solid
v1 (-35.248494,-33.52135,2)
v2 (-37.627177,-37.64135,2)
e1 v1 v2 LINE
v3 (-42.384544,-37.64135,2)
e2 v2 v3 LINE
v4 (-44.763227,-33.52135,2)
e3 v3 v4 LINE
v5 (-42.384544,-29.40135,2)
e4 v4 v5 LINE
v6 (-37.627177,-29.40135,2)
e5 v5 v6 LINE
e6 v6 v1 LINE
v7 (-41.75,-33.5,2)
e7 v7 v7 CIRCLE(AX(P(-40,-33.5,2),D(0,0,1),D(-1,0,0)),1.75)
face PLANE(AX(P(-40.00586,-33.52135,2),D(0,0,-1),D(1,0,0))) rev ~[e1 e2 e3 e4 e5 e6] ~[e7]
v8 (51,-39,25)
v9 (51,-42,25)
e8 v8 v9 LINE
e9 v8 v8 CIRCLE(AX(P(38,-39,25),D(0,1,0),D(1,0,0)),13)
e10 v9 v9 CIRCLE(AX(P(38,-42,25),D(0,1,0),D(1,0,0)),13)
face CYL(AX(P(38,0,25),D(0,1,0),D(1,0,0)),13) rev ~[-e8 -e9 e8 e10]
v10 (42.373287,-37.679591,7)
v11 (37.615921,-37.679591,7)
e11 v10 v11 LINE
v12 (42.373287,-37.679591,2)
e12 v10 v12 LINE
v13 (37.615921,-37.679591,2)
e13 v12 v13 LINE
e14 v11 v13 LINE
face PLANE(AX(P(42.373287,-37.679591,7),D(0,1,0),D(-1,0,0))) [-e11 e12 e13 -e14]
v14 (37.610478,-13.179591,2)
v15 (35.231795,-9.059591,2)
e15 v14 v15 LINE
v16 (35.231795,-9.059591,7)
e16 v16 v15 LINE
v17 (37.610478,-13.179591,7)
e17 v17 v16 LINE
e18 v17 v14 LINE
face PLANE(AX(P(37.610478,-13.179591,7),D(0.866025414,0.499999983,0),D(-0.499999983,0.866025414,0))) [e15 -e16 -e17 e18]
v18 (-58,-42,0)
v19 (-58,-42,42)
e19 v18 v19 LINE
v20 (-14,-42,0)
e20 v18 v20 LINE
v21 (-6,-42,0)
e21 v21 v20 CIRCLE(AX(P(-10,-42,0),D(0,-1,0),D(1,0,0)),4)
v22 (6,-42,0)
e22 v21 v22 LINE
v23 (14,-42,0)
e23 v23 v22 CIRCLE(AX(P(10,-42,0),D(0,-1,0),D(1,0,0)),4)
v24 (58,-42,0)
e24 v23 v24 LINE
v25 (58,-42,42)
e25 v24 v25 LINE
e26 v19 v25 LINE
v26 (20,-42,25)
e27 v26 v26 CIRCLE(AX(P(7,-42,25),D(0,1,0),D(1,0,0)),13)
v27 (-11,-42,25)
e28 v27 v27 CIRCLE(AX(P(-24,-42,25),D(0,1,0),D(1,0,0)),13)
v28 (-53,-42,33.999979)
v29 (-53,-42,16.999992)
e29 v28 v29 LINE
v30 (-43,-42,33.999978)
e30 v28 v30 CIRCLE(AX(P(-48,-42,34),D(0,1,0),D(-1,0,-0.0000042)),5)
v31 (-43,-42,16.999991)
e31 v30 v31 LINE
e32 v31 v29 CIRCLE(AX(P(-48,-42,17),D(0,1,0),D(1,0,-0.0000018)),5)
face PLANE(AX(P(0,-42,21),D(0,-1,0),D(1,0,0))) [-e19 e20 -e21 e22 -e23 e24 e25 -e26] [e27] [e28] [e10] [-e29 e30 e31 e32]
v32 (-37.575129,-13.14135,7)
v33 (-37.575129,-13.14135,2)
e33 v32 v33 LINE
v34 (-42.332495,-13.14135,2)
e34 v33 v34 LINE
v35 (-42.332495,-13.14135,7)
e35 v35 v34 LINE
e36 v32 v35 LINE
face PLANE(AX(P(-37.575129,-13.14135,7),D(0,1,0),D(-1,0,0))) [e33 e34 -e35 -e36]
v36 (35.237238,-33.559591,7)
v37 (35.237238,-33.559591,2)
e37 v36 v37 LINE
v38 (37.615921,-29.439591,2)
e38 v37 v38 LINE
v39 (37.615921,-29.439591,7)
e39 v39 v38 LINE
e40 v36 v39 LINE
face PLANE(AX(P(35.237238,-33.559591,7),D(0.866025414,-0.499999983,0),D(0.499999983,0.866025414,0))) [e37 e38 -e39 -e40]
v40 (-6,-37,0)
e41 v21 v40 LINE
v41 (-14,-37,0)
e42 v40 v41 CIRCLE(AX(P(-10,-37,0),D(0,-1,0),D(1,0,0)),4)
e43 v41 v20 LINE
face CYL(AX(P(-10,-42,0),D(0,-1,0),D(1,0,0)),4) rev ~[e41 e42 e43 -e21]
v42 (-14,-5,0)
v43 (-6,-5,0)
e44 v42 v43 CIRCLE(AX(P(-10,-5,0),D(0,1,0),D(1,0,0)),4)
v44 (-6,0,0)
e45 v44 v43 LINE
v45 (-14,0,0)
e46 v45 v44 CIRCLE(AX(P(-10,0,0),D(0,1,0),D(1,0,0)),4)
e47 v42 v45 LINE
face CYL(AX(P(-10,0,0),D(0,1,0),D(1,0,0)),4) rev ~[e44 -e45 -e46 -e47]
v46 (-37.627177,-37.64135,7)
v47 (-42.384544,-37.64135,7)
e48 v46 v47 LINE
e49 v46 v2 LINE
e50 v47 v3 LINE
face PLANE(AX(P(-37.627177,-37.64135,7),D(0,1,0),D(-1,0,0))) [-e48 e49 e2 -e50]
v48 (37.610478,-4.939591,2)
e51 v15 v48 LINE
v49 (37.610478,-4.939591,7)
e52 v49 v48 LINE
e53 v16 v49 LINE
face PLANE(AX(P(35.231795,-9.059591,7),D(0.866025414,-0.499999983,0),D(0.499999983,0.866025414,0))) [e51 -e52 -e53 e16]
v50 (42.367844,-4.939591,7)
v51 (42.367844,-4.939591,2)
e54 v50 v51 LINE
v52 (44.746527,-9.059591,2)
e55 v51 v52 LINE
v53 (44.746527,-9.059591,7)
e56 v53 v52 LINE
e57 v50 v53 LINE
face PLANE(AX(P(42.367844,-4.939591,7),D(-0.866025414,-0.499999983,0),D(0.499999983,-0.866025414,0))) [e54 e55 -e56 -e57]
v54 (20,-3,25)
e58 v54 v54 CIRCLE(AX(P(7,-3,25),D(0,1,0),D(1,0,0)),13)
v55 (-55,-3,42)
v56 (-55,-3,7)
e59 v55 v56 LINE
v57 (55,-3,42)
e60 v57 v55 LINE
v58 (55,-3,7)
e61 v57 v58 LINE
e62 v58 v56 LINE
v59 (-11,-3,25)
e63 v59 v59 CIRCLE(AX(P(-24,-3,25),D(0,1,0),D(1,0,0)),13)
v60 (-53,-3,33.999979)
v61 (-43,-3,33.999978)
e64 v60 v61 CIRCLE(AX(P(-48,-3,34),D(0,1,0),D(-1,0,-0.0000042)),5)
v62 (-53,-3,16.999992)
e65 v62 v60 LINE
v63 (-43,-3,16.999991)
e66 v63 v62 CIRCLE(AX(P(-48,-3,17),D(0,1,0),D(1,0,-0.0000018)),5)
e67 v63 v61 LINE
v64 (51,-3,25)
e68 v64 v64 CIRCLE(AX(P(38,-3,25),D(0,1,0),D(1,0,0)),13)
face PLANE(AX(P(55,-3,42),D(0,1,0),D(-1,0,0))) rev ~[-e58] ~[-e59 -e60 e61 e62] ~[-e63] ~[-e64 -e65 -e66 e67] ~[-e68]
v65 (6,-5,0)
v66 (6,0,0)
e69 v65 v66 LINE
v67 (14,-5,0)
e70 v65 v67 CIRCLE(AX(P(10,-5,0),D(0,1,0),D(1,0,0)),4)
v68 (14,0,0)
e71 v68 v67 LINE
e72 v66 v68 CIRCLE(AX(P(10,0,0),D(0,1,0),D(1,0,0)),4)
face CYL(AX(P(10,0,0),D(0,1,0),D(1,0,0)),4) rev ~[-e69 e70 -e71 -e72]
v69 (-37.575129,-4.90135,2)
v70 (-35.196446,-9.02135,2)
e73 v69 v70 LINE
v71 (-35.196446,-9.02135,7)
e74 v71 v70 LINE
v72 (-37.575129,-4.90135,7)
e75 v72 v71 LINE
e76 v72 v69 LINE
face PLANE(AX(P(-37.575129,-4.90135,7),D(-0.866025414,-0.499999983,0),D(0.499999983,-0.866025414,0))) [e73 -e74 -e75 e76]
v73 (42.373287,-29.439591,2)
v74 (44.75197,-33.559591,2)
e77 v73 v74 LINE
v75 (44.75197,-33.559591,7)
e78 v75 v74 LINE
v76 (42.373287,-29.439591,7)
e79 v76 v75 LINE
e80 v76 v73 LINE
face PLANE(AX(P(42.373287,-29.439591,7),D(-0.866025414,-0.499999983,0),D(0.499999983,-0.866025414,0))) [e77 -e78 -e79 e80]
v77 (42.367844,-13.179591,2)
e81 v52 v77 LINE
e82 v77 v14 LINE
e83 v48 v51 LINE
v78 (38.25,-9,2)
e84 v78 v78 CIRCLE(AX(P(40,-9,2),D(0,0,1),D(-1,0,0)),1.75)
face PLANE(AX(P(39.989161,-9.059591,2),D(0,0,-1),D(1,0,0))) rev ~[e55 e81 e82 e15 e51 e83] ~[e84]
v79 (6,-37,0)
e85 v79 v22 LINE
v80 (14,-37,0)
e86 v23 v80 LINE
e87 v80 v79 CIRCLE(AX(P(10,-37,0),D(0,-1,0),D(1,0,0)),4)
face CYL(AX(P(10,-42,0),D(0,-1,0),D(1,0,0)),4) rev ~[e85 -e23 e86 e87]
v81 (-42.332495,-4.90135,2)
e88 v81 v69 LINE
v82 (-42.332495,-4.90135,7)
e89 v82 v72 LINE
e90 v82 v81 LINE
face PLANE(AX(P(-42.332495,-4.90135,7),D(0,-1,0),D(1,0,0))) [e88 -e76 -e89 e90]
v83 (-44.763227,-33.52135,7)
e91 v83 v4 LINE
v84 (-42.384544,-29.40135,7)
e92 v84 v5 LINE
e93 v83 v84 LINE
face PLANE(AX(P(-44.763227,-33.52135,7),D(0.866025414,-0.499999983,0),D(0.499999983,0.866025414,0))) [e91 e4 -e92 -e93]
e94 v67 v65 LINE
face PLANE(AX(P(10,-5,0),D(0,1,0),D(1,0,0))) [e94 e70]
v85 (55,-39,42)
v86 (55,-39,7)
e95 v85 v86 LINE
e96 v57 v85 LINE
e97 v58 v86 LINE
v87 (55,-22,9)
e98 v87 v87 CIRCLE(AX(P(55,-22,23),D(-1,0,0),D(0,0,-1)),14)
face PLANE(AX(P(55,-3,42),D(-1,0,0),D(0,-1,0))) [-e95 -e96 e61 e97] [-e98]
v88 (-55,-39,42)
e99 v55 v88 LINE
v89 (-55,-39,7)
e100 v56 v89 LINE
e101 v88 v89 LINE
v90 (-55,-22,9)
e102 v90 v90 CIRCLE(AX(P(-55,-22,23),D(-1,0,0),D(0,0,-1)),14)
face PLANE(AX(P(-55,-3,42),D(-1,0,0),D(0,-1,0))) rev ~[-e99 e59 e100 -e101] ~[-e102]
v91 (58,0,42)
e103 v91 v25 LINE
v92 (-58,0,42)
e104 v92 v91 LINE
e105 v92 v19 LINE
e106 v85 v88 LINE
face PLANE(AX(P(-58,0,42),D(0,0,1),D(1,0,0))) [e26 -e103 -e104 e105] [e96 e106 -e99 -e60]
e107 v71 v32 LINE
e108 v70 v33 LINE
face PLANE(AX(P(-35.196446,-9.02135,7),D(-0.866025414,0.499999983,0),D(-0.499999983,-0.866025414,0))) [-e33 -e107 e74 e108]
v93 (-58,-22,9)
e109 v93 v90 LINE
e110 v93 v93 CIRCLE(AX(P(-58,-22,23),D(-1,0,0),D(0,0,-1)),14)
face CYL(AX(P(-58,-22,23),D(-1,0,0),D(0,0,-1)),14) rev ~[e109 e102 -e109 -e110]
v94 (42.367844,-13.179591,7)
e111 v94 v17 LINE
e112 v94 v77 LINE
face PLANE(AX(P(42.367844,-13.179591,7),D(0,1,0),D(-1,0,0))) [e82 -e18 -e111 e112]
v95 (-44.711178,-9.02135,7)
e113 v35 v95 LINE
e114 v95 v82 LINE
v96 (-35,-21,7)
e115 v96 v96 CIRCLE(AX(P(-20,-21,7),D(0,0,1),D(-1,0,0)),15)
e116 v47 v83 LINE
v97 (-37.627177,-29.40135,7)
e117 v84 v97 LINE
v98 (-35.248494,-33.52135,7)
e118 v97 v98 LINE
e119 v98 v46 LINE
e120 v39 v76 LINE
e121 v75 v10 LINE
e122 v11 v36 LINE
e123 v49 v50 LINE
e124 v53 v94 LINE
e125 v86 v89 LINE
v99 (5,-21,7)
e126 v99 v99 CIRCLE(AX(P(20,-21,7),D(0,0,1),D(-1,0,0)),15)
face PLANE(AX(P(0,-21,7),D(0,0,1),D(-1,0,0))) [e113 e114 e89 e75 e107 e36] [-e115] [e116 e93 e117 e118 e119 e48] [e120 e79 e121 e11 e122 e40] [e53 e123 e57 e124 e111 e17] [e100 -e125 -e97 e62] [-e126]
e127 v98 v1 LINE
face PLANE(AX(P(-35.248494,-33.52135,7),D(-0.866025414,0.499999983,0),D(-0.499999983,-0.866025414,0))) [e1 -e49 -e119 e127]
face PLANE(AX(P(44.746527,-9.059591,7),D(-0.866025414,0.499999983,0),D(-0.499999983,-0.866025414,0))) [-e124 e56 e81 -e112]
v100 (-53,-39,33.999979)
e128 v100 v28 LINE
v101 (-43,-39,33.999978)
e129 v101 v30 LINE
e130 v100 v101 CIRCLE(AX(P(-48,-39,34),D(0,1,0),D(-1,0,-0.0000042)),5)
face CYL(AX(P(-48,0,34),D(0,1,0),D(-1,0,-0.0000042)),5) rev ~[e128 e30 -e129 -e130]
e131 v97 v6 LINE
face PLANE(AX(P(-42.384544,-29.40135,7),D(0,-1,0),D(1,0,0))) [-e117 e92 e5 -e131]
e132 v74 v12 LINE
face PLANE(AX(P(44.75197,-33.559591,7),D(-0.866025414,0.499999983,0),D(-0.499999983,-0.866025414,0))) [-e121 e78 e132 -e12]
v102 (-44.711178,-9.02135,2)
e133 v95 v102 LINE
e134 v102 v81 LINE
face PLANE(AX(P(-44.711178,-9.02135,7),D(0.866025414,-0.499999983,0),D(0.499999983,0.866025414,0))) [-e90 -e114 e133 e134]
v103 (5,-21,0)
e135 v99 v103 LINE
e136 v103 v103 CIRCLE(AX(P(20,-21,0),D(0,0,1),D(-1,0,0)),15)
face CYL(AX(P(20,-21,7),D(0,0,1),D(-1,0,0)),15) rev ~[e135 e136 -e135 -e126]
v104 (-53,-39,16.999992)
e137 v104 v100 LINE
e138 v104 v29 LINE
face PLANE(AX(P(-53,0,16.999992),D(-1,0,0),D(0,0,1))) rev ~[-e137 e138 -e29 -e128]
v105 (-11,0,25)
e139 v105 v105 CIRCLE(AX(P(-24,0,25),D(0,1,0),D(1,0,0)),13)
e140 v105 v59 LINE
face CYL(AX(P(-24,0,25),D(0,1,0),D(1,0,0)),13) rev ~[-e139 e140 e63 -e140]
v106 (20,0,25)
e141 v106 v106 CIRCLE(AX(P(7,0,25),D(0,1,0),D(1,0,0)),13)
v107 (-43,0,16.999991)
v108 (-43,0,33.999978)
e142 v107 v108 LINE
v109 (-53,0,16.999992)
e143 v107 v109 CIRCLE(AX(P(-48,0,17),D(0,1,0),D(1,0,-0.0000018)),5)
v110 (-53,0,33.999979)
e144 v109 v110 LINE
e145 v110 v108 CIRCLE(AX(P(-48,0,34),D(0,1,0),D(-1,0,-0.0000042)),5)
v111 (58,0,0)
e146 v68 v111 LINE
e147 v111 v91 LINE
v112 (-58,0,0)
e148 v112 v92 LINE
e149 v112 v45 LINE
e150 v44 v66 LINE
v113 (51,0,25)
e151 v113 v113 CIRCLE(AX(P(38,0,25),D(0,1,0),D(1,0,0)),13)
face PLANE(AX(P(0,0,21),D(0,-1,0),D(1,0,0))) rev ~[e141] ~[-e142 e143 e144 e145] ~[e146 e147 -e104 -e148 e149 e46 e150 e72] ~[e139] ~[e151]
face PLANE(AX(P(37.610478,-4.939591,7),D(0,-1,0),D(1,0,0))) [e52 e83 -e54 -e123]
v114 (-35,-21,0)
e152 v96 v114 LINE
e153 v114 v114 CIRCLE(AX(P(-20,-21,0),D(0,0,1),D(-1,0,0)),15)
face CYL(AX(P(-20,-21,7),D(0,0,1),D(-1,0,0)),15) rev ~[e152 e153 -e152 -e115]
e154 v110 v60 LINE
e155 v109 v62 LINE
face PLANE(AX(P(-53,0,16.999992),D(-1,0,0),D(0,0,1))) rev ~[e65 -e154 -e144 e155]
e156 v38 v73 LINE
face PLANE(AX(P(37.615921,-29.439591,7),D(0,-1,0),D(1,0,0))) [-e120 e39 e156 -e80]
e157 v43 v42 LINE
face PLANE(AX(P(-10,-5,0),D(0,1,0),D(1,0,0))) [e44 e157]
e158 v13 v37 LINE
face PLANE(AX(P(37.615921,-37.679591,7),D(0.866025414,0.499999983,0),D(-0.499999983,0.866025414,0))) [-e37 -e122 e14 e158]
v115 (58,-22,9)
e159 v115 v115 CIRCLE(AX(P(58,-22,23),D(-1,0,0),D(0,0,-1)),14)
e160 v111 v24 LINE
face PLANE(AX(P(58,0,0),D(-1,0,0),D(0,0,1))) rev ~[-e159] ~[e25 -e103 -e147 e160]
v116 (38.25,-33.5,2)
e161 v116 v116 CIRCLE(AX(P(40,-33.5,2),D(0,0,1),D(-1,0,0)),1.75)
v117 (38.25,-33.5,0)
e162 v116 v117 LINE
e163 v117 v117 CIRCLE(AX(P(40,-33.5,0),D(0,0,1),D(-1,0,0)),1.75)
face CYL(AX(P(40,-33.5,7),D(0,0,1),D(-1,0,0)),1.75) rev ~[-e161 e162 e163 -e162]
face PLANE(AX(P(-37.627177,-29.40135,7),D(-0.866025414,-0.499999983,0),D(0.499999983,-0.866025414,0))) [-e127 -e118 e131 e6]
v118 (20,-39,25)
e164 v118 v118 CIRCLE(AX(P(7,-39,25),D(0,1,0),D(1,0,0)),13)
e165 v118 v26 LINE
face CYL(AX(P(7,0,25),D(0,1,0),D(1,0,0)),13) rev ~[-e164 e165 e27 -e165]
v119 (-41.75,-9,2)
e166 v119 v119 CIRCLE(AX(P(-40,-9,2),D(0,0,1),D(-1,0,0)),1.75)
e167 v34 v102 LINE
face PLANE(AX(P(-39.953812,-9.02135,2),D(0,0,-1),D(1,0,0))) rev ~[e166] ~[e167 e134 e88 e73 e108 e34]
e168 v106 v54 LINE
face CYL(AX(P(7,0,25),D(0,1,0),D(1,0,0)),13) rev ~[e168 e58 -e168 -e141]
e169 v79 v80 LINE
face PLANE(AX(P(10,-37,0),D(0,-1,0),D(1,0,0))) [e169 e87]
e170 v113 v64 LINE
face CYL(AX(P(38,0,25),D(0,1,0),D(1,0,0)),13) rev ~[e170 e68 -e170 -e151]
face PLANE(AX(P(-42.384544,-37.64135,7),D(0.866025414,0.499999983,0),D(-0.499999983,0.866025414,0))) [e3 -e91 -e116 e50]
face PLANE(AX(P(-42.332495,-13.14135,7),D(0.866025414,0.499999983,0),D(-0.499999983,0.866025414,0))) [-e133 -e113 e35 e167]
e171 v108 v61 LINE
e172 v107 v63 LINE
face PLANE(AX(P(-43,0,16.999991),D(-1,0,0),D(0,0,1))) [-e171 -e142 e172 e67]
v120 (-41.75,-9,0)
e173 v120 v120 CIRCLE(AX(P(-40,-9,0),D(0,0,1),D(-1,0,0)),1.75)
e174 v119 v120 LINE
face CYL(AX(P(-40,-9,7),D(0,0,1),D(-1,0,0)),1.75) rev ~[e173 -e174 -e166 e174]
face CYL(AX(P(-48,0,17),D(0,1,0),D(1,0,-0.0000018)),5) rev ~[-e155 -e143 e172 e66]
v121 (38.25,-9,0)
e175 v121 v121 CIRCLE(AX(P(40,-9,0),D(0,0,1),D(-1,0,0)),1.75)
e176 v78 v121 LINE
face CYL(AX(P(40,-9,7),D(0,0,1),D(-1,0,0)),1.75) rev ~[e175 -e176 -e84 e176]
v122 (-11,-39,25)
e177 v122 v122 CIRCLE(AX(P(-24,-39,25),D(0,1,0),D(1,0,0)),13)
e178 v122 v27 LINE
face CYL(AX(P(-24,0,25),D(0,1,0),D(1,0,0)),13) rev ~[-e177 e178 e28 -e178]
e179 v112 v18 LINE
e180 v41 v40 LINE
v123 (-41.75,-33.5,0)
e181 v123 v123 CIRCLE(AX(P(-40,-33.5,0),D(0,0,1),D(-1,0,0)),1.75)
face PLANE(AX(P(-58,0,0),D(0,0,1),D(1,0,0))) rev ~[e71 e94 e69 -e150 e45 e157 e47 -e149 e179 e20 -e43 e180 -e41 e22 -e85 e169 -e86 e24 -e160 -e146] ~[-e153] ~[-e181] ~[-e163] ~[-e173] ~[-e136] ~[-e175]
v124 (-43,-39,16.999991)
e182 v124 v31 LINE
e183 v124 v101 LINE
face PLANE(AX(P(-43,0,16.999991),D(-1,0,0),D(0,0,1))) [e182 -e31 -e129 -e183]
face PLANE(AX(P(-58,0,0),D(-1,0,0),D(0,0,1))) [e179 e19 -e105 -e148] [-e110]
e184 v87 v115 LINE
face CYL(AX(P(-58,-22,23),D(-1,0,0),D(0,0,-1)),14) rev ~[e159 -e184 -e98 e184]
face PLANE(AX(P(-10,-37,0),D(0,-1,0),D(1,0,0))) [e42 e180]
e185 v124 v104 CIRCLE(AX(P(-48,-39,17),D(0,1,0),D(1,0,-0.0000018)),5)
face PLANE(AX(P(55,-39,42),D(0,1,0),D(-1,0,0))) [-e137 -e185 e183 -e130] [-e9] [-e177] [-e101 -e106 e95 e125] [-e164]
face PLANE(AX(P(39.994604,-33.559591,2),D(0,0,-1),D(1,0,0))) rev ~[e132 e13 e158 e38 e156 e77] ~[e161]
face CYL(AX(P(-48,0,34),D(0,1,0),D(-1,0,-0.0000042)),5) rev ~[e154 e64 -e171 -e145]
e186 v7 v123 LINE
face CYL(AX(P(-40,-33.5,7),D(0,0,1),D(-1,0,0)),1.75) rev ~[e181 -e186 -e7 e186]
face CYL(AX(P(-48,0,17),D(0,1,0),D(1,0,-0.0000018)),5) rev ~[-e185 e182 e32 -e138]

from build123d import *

# Parameters (mm, degrees)
SKETCH_W        = 116
SKETCH_H        = 42
PAD_DEPTH       = 42
SKETCH005_W     = 110
SKETCH005_H     = 36
POCKET_DEPTH    = 35
SKETCH006_R     = 1.75
SKETCH006_R_2   = 15
POCKET001_DEPTH = 7.001
POCKET002_DEPTH = 5
SKETCH007_R     = 13
POCKET003_DEPTH = 42.001
SKETCH008_R     = 14
POCKET004_DEPTH = 116.001
SKETCH012_R     = 4
POCKET005_DEPTH = 5
SKETCH013_R     = 4
POCKET006_DEPTH = 5


with BuildPart() as part:
    # Sketch → Pad (new body)
    with BuildSketch(Plane.XZ):
        with Locations((0, 21)):
            Rectangle(SKETCH_W, SKETCH_H)
    extrude(amount=PAD_DEPTH)

    # Sketch005 → Pocket (cut)
    with BuildSketch(Plane(origin=(0, 0, 42), x_dir=(-1, 0, 0), z_dir=(0, 0, 1))):
        with Locations((0, 21)):
            Rectangle(SKETCH005_W, SKETCH005_H)
    extrude(amount=-POCKET_DEPTH, mode=Mode.SUBTRACT)

    # Sketch006 → Pocket001 (cut, through all)
    with BuildSketch(Plane(origin=(0, 0, 7), x_dir=(-1, 0, 0), z_dir=(0, 0, 1))):
        with Locations((-40, 33.5)):
            Circle(SKETCH006_R)
        with Locations((40, 33.5)):
            Circle(SKETCH006_R)
        with Locations((-40, 9)):
            Circle(SKETCH006_R)
        with Locations((40, 9)):
            Circle(SKETCH006_R)
        with Locations((-20, 21)):
            Circle(SKETCH006_R_2)
        with Locations((20, 21)):
            Circle(SKETCH006_R_2)
    extrude(amount=-POCKET001_DEPTH, mode=Mode.SUBTRACT)

    # Sketch011 → Pocket002 (cut)
    with BuildSketch(Plane(origin=(0, 0, 7), x_dir=(-1, 0, 0), z_dir=(0, 0, 1))):
        Polygon((-42.373287, 37.679591), (-37.615921, 37.679591), (-35.237238, 33.559591), (-37.615921, 29.439591), (-42.373287, 29.439591), (-44.75197, 33.559591), align=None)
        Polygon((37.627177, 37.64135), (42.384544, 37.64135), (44.763227, 33.52135), (42.384544, 29.40135), (37.627177, 29.40135), (35.248494, 33.52135), align=None)
        Polygon((37.575129, 13.14135), (42.332495, 13.14135), (44.711178, 9.02135), (42.332495, 4.90135), (37.575129, 4.90135), (35.196446, 9.02135), align=None)
        Polygon((-42.367844, 13.179591), (-37.610478, 13.179591), (-35.231795, 9.059591), (-37.610478, 4.939591), (-42.367844, 4.939591), (-44.746527, 9.059591), align=None)
    extrude(amount=-POCKET002_DEPTH, mode=Mode.SUBTRACT)

    # Sketch007 → Pocket003 (cut, through all)
    with BuildSketch(Plane(origin=(0, 0, 0), x_dir=(1, 0, 0), z_dir=(0, 1, 0))):
        with Locations((-24, -25)):
            Circle(SKETCH007_R)
        with Locations((7, -25)):
            Circle(SKETCH007_R)
        with Locations((38, -25)):
            Circle(SKETCH007_R)
        with BuildLine():
            ThreePointArc((-43, -16.999991), (-48, -12), (-53, -16.999992))
            Line((-53, -16.999992), (-53, -33.999979))
            ThreePointArc((-53, -33.999979), (-48, -39), (-43, -33.999978))
            Line((-43, -16.999991), (-43, -33.999978))
        make_face()
    extrude(amount=-POCKET003_DEPTH, mode=Mode.SUBTRACT)

    # Sketch008 → Pocket004 (cut, through all)
    with BuildSketch(Plane(origin=(-58, 0, 0), x_dir=(0, 0, -1), z_dir=(-1, 0, 0))):
        with Locations((-23, 22)):
            Circle(SKETCH008_R)
    extrude(amount=-POCKET004_DEPTH, mode=Mode.SUBTRACT)

    # Sketch012 → Pocket005 (cut)
    with BuildSketch(Plane(origin=(0, 0, 0), x_dir=(1, 0, 0), z_dir=(0, 1, 0))):
        with Locations((-10, 0)):
            Circle(SKETCH012_R)
        with Locations((10, 0)):
            Circle(SKETCH012_R)
    extrude(amount=-POCKET005_DEPTH, mode=Mode.SUBTRACT)

    # Sketch013 → Pocket006 (cut)
    with BuildSketch(Plane.XZ.offset(42)):
        with Locations((-10, 0)):
            Circle(SKETCH013_R)
        with Locations((10, 0)):
            Circle(SKETCH013_R)
    extrude(amount=-POCKET006_DEPTH, mode=Mode.SUBTRACT)


solid = part.part
